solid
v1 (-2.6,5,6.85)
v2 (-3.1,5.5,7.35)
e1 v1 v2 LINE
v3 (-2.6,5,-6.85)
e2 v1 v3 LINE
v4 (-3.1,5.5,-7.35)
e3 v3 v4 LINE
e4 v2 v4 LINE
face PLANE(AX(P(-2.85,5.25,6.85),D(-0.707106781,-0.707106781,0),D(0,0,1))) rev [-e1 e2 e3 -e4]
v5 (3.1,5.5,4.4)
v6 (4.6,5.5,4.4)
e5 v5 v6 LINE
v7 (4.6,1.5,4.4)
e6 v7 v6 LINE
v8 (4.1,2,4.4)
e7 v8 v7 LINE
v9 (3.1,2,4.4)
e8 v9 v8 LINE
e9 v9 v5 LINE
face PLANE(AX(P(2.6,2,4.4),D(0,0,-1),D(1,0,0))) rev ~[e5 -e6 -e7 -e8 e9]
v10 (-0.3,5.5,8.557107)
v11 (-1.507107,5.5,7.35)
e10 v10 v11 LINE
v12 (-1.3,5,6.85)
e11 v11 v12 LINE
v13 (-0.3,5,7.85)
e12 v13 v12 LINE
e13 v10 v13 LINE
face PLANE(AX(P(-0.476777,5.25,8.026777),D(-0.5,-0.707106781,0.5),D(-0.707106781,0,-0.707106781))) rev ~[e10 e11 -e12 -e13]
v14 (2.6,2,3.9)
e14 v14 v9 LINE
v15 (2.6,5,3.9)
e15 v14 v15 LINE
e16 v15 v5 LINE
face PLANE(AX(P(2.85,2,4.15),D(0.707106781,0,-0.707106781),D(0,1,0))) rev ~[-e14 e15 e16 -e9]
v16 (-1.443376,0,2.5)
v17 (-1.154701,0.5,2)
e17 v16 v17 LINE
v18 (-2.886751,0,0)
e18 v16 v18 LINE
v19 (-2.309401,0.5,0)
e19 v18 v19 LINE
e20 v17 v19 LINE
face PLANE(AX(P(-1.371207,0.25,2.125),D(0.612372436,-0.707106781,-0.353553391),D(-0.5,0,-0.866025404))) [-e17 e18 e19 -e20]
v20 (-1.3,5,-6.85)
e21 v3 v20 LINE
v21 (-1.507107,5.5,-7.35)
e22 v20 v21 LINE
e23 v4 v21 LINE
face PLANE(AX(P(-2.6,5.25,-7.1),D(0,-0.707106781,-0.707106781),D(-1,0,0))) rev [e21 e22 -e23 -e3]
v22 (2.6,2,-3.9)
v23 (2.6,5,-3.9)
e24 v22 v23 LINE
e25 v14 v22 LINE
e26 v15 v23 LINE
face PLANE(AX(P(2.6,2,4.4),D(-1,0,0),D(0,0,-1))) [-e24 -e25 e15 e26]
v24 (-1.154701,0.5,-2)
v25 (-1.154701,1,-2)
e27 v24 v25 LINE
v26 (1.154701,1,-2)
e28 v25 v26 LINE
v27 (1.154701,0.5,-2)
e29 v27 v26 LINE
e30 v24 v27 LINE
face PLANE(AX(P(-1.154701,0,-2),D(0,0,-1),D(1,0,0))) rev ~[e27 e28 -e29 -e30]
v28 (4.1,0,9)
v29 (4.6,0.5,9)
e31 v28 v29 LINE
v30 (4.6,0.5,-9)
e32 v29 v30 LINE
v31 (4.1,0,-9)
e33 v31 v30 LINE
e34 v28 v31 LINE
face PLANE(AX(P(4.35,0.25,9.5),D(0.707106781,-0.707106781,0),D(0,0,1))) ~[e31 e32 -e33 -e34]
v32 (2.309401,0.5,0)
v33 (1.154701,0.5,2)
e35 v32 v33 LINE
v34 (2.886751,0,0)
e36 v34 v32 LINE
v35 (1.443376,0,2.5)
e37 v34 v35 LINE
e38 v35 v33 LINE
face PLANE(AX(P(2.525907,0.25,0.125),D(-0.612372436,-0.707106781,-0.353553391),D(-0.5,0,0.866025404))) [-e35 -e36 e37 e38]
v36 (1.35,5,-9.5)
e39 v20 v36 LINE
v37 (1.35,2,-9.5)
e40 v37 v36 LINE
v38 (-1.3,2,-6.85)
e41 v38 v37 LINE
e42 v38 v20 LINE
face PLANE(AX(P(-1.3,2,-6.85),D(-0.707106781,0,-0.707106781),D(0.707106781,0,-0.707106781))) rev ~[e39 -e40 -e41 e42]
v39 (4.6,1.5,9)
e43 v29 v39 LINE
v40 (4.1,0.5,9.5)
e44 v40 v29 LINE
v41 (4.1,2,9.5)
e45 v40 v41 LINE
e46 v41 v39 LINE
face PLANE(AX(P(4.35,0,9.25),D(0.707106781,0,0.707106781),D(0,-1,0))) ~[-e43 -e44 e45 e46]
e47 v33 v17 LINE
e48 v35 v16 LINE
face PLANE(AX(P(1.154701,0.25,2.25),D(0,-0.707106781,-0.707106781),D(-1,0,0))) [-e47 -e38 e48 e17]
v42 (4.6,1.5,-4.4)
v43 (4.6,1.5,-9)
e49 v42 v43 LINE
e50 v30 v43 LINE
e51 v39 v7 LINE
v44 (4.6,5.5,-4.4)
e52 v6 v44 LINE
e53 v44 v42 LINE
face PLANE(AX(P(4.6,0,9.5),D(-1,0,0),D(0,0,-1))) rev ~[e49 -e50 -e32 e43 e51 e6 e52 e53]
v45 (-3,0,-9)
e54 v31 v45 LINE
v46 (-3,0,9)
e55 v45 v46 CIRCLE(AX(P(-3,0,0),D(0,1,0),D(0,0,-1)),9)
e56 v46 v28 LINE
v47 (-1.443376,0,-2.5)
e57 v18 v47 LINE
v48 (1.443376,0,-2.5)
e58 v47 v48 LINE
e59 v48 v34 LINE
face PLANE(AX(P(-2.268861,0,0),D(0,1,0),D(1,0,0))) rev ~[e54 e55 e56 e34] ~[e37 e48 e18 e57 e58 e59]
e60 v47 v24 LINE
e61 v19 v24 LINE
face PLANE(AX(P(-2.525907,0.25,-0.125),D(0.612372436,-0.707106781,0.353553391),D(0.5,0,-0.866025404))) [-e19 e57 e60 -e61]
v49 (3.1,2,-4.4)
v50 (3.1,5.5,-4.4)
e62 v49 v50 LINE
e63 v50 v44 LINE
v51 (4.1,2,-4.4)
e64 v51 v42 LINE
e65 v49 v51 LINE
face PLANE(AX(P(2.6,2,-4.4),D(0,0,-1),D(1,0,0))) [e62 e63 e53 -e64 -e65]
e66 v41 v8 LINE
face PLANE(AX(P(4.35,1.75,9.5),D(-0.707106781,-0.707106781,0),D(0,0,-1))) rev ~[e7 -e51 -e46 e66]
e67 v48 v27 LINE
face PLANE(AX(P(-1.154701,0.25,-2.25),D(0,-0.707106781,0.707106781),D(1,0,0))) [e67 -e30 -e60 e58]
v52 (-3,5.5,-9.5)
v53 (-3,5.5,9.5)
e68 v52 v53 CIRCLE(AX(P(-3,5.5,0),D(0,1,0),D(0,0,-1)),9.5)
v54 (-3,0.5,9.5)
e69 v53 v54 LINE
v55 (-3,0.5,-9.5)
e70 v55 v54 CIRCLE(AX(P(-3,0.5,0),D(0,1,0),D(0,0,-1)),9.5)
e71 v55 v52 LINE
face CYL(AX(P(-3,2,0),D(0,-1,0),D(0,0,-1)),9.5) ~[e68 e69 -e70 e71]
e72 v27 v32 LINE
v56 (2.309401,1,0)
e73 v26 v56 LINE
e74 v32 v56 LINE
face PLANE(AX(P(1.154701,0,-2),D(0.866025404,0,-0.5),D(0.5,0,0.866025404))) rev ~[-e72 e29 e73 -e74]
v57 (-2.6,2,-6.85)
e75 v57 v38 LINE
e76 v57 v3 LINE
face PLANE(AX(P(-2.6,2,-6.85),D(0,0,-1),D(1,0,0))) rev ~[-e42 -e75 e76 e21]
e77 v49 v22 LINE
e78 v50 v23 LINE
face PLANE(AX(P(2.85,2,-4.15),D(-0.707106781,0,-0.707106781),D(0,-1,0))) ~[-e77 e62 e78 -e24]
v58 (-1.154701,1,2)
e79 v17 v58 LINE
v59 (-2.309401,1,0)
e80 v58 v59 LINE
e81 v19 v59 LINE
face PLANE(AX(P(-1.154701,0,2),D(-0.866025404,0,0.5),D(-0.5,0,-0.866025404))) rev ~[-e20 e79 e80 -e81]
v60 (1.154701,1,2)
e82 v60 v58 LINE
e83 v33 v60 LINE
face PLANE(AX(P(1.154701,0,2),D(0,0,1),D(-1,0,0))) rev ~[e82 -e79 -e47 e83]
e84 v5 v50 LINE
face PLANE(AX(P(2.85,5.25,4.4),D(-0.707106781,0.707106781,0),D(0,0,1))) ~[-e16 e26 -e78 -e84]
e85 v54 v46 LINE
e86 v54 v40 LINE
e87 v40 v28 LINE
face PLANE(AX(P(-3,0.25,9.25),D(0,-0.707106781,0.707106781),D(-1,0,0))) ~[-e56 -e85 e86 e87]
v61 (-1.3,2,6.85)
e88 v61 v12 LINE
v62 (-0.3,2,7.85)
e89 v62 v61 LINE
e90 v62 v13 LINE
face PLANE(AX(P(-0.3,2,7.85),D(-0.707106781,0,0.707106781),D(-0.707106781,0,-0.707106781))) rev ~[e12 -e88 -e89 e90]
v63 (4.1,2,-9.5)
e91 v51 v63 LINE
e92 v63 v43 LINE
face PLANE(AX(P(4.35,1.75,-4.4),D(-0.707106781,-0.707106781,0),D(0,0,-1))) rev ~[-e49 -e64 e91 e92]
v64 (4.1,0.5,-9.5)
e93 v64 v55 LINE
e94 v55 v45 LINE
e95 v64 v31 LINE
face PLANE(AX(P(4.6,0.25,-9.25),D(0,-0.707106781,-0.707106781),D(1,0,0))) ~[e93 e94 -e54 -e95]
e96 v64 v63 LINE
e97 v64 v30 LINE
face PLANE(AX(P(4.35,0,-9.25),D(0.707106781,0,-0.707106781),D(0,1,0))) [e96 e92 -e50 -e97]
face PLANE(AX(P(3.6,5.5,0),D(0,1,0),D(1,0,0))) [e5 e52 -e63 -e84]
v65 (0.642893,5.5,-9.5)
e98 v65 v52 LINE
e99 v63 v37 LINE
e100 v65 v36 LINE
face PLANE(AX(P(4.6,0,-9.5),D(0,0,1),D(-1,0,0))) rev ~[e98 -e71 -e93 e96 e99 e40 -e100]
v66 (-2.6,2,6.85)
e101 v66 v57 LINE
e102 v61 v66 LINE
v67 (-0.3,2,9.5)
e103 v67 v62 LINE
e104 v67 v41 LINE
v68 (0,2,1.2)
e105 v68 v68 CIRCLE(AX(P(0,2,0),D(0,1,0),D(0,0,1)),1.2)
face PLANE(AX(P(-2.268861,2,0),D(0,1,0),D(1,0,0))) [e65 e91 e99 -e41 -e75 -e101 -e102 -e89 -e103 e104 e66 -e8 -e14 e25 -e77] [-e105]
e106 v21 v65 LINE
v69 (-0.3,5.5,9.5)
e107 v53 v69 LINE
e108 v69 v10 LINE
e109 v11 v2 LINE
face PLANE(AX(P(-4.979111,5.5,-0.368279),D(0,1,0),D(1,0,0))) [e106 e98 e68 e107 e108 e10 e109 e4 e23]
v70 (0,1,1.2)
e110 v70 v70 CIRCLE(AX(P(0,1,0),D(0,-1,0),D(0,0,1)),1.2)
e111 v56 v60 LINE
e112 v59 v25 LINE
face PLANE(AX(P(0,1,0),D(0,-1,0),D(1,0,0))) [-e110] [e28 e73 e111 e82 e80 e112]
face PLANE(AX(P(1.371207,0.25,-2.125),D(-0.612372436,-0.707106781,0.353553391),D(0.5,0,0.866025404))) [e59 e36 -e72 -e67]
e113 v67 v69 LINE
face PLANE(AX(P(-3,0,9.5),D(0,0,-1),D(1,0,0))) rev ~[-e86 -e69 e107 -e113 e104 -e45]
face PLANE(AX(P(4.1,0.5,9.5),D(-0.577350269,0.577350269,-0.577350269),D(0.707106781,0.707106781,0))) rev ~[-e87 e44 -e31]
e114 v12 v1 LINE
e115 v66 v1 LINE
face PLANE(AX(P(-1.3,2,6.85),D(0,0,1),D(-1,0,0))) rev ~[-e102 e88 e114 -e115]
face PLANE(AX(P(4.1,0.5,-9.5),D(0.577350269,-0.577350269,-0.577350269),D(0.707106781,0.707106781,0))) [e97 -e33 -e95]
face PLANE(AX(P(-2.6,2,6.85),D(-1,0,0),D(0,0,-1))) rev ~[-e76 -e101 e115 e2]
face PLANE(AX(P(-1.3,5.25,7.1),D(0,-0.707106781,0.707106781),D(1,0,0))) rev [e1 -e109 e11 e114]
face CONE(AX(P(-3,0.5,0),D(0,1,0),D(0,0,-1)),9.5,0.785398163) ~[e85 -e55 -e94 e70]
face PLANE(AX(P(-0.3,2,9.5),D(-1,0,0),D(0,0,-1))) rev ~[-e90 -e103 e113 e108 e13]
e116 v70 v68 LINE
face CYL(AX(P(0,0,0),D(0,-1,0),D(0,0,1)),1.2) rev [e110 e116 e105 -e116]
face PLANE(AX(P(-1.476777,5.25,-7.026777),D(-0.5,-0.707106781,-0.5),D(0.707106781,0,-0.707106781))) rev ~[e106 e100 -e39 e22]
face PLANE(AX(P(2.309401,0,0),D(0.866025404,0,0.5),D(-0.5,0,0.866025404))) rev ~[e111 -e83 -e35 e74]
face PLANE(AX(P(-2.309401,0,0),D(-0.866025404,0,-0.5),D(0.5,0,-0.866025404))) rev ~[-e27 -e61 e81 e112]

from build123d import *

# Parameters (mm, degrees)
SKETCH1_R           = 1.2
BOSS_EXTRUDE1_DEPTH = 2
SKETCH2_W           = 2
SKETCH2_H           = 8.8
BOSS_EXTRUDE2_DEPTH = 3.5
CUT_EXTRUDE1_DEPTH  = 1
CHAMFER1_SIZE       = 0.5


with BuildPart() as part:
    # Sketch1 → Boss-Extrude1 (new body)
    with BuildSketch(Plane(origin=(0, 0, 0), x_dir=(1, 0, 0), z_dir=(0, 1, 0))):
        with BuildLine():
            Line((4.6, -9.5), (4.6, 9.5))
            Line((4.6, 9.5), (-3, 9.5))
            ThreePointArc((-3, 9.5), (-12.5, 0), (-3, -9.5))
            Line((-3, -9.5), (4.6, -9.5))
        make_face()
        with Locations(Location((0, 0, 0), (0, 0, 270))):
            Circle(SKETCH1_R, mode=Mode.SUBTRACT)
    extrude(amount=BOSS_EXTRUDE1_DEPTH)

    # Sketch2 → Boss-Extrude2 (add)
    with BuildSketch(Plane(origin=(0, 2, 0), x_dir=(1, 0, 0), z_dir=(0, 1, 0))):
        with Locations((3.6, 0)):
            Rectangle(SKETCH2_W, SKETCH2_H)
        with BuildLine():
            Line((-2.6, -6.85), (-2.6, 6.85))
            Line((-2.6, 6.85), (-1.3, 6.85))
            Line((-1.3, 6.85), (1.35, 9.5))
            Line((1.35, 9.5), (-3, 9.5))
            ThreePointArc((-3, 9.5), (-12.5, 0), (-3, -9.5))
            Line((-3, -9.5), (-0.3, -9.5))
            Line((-0.3, -9.5), (-0.3, -7.85))
            Line((-0.3, -7.85), (-1.3, -6.85))
            Line((-1.3, -6.85), (-2.6, -6.85))
        make_face()
    extrude(amount=BOSS_EXTRUDE2_DEPTH)

    # Sketch3 → Cut-Extrude1 (cut)
    with BuildSketch(Plane.XZ):
        Polygon((-2.309401077, 0), (-1.154700538, -2), (1.154700538, -2), (2.309401077, 0), (1.154700538, 2), (-1.154700538, 2), align=None)
    extrude(amount=-CUT_EXTRUDE1_DEPTH, mode=Mode.SUBTRACT)

    # Chamfer1
    chamfer1_edges = [part.edges().sort_by_distance(p)[0] for p in [
        (4.6, 2, 6.95),
        (-0.8, 5.5, 7.35),
        (-1.95, 5.5, 6.85),
        (-2.6, 5.5, 0),
        (-1.95, 5.5, -6.85),
        (0.025, 5.5, -8.175),
        (4.6, 2, -6.95),
        (2.6, 3.75, -4.4),
        (2.6, 3.75, 4.4),
        (2.6, 5.5, 0),
        (4.6, 0, 0),
        (0.8, 0, 9.5),
        (-12.5, 0, 0),
        (0.8, 0, -9.5),
        (-1.732050808, 0, 1),
        (-1.732050808, 0, -1),
        (0, 0, -2),
        (1.732050808, 0, -1),
        (1.732050808, 0, 1),
        (0, 0, 2),
        (4.6, 1, -9.5),
        (4.6, 1, 9.5),
    ]]
    chamfer(chamfer1_edges, length=CHAMFER1_SIZE)


solid = part.part
